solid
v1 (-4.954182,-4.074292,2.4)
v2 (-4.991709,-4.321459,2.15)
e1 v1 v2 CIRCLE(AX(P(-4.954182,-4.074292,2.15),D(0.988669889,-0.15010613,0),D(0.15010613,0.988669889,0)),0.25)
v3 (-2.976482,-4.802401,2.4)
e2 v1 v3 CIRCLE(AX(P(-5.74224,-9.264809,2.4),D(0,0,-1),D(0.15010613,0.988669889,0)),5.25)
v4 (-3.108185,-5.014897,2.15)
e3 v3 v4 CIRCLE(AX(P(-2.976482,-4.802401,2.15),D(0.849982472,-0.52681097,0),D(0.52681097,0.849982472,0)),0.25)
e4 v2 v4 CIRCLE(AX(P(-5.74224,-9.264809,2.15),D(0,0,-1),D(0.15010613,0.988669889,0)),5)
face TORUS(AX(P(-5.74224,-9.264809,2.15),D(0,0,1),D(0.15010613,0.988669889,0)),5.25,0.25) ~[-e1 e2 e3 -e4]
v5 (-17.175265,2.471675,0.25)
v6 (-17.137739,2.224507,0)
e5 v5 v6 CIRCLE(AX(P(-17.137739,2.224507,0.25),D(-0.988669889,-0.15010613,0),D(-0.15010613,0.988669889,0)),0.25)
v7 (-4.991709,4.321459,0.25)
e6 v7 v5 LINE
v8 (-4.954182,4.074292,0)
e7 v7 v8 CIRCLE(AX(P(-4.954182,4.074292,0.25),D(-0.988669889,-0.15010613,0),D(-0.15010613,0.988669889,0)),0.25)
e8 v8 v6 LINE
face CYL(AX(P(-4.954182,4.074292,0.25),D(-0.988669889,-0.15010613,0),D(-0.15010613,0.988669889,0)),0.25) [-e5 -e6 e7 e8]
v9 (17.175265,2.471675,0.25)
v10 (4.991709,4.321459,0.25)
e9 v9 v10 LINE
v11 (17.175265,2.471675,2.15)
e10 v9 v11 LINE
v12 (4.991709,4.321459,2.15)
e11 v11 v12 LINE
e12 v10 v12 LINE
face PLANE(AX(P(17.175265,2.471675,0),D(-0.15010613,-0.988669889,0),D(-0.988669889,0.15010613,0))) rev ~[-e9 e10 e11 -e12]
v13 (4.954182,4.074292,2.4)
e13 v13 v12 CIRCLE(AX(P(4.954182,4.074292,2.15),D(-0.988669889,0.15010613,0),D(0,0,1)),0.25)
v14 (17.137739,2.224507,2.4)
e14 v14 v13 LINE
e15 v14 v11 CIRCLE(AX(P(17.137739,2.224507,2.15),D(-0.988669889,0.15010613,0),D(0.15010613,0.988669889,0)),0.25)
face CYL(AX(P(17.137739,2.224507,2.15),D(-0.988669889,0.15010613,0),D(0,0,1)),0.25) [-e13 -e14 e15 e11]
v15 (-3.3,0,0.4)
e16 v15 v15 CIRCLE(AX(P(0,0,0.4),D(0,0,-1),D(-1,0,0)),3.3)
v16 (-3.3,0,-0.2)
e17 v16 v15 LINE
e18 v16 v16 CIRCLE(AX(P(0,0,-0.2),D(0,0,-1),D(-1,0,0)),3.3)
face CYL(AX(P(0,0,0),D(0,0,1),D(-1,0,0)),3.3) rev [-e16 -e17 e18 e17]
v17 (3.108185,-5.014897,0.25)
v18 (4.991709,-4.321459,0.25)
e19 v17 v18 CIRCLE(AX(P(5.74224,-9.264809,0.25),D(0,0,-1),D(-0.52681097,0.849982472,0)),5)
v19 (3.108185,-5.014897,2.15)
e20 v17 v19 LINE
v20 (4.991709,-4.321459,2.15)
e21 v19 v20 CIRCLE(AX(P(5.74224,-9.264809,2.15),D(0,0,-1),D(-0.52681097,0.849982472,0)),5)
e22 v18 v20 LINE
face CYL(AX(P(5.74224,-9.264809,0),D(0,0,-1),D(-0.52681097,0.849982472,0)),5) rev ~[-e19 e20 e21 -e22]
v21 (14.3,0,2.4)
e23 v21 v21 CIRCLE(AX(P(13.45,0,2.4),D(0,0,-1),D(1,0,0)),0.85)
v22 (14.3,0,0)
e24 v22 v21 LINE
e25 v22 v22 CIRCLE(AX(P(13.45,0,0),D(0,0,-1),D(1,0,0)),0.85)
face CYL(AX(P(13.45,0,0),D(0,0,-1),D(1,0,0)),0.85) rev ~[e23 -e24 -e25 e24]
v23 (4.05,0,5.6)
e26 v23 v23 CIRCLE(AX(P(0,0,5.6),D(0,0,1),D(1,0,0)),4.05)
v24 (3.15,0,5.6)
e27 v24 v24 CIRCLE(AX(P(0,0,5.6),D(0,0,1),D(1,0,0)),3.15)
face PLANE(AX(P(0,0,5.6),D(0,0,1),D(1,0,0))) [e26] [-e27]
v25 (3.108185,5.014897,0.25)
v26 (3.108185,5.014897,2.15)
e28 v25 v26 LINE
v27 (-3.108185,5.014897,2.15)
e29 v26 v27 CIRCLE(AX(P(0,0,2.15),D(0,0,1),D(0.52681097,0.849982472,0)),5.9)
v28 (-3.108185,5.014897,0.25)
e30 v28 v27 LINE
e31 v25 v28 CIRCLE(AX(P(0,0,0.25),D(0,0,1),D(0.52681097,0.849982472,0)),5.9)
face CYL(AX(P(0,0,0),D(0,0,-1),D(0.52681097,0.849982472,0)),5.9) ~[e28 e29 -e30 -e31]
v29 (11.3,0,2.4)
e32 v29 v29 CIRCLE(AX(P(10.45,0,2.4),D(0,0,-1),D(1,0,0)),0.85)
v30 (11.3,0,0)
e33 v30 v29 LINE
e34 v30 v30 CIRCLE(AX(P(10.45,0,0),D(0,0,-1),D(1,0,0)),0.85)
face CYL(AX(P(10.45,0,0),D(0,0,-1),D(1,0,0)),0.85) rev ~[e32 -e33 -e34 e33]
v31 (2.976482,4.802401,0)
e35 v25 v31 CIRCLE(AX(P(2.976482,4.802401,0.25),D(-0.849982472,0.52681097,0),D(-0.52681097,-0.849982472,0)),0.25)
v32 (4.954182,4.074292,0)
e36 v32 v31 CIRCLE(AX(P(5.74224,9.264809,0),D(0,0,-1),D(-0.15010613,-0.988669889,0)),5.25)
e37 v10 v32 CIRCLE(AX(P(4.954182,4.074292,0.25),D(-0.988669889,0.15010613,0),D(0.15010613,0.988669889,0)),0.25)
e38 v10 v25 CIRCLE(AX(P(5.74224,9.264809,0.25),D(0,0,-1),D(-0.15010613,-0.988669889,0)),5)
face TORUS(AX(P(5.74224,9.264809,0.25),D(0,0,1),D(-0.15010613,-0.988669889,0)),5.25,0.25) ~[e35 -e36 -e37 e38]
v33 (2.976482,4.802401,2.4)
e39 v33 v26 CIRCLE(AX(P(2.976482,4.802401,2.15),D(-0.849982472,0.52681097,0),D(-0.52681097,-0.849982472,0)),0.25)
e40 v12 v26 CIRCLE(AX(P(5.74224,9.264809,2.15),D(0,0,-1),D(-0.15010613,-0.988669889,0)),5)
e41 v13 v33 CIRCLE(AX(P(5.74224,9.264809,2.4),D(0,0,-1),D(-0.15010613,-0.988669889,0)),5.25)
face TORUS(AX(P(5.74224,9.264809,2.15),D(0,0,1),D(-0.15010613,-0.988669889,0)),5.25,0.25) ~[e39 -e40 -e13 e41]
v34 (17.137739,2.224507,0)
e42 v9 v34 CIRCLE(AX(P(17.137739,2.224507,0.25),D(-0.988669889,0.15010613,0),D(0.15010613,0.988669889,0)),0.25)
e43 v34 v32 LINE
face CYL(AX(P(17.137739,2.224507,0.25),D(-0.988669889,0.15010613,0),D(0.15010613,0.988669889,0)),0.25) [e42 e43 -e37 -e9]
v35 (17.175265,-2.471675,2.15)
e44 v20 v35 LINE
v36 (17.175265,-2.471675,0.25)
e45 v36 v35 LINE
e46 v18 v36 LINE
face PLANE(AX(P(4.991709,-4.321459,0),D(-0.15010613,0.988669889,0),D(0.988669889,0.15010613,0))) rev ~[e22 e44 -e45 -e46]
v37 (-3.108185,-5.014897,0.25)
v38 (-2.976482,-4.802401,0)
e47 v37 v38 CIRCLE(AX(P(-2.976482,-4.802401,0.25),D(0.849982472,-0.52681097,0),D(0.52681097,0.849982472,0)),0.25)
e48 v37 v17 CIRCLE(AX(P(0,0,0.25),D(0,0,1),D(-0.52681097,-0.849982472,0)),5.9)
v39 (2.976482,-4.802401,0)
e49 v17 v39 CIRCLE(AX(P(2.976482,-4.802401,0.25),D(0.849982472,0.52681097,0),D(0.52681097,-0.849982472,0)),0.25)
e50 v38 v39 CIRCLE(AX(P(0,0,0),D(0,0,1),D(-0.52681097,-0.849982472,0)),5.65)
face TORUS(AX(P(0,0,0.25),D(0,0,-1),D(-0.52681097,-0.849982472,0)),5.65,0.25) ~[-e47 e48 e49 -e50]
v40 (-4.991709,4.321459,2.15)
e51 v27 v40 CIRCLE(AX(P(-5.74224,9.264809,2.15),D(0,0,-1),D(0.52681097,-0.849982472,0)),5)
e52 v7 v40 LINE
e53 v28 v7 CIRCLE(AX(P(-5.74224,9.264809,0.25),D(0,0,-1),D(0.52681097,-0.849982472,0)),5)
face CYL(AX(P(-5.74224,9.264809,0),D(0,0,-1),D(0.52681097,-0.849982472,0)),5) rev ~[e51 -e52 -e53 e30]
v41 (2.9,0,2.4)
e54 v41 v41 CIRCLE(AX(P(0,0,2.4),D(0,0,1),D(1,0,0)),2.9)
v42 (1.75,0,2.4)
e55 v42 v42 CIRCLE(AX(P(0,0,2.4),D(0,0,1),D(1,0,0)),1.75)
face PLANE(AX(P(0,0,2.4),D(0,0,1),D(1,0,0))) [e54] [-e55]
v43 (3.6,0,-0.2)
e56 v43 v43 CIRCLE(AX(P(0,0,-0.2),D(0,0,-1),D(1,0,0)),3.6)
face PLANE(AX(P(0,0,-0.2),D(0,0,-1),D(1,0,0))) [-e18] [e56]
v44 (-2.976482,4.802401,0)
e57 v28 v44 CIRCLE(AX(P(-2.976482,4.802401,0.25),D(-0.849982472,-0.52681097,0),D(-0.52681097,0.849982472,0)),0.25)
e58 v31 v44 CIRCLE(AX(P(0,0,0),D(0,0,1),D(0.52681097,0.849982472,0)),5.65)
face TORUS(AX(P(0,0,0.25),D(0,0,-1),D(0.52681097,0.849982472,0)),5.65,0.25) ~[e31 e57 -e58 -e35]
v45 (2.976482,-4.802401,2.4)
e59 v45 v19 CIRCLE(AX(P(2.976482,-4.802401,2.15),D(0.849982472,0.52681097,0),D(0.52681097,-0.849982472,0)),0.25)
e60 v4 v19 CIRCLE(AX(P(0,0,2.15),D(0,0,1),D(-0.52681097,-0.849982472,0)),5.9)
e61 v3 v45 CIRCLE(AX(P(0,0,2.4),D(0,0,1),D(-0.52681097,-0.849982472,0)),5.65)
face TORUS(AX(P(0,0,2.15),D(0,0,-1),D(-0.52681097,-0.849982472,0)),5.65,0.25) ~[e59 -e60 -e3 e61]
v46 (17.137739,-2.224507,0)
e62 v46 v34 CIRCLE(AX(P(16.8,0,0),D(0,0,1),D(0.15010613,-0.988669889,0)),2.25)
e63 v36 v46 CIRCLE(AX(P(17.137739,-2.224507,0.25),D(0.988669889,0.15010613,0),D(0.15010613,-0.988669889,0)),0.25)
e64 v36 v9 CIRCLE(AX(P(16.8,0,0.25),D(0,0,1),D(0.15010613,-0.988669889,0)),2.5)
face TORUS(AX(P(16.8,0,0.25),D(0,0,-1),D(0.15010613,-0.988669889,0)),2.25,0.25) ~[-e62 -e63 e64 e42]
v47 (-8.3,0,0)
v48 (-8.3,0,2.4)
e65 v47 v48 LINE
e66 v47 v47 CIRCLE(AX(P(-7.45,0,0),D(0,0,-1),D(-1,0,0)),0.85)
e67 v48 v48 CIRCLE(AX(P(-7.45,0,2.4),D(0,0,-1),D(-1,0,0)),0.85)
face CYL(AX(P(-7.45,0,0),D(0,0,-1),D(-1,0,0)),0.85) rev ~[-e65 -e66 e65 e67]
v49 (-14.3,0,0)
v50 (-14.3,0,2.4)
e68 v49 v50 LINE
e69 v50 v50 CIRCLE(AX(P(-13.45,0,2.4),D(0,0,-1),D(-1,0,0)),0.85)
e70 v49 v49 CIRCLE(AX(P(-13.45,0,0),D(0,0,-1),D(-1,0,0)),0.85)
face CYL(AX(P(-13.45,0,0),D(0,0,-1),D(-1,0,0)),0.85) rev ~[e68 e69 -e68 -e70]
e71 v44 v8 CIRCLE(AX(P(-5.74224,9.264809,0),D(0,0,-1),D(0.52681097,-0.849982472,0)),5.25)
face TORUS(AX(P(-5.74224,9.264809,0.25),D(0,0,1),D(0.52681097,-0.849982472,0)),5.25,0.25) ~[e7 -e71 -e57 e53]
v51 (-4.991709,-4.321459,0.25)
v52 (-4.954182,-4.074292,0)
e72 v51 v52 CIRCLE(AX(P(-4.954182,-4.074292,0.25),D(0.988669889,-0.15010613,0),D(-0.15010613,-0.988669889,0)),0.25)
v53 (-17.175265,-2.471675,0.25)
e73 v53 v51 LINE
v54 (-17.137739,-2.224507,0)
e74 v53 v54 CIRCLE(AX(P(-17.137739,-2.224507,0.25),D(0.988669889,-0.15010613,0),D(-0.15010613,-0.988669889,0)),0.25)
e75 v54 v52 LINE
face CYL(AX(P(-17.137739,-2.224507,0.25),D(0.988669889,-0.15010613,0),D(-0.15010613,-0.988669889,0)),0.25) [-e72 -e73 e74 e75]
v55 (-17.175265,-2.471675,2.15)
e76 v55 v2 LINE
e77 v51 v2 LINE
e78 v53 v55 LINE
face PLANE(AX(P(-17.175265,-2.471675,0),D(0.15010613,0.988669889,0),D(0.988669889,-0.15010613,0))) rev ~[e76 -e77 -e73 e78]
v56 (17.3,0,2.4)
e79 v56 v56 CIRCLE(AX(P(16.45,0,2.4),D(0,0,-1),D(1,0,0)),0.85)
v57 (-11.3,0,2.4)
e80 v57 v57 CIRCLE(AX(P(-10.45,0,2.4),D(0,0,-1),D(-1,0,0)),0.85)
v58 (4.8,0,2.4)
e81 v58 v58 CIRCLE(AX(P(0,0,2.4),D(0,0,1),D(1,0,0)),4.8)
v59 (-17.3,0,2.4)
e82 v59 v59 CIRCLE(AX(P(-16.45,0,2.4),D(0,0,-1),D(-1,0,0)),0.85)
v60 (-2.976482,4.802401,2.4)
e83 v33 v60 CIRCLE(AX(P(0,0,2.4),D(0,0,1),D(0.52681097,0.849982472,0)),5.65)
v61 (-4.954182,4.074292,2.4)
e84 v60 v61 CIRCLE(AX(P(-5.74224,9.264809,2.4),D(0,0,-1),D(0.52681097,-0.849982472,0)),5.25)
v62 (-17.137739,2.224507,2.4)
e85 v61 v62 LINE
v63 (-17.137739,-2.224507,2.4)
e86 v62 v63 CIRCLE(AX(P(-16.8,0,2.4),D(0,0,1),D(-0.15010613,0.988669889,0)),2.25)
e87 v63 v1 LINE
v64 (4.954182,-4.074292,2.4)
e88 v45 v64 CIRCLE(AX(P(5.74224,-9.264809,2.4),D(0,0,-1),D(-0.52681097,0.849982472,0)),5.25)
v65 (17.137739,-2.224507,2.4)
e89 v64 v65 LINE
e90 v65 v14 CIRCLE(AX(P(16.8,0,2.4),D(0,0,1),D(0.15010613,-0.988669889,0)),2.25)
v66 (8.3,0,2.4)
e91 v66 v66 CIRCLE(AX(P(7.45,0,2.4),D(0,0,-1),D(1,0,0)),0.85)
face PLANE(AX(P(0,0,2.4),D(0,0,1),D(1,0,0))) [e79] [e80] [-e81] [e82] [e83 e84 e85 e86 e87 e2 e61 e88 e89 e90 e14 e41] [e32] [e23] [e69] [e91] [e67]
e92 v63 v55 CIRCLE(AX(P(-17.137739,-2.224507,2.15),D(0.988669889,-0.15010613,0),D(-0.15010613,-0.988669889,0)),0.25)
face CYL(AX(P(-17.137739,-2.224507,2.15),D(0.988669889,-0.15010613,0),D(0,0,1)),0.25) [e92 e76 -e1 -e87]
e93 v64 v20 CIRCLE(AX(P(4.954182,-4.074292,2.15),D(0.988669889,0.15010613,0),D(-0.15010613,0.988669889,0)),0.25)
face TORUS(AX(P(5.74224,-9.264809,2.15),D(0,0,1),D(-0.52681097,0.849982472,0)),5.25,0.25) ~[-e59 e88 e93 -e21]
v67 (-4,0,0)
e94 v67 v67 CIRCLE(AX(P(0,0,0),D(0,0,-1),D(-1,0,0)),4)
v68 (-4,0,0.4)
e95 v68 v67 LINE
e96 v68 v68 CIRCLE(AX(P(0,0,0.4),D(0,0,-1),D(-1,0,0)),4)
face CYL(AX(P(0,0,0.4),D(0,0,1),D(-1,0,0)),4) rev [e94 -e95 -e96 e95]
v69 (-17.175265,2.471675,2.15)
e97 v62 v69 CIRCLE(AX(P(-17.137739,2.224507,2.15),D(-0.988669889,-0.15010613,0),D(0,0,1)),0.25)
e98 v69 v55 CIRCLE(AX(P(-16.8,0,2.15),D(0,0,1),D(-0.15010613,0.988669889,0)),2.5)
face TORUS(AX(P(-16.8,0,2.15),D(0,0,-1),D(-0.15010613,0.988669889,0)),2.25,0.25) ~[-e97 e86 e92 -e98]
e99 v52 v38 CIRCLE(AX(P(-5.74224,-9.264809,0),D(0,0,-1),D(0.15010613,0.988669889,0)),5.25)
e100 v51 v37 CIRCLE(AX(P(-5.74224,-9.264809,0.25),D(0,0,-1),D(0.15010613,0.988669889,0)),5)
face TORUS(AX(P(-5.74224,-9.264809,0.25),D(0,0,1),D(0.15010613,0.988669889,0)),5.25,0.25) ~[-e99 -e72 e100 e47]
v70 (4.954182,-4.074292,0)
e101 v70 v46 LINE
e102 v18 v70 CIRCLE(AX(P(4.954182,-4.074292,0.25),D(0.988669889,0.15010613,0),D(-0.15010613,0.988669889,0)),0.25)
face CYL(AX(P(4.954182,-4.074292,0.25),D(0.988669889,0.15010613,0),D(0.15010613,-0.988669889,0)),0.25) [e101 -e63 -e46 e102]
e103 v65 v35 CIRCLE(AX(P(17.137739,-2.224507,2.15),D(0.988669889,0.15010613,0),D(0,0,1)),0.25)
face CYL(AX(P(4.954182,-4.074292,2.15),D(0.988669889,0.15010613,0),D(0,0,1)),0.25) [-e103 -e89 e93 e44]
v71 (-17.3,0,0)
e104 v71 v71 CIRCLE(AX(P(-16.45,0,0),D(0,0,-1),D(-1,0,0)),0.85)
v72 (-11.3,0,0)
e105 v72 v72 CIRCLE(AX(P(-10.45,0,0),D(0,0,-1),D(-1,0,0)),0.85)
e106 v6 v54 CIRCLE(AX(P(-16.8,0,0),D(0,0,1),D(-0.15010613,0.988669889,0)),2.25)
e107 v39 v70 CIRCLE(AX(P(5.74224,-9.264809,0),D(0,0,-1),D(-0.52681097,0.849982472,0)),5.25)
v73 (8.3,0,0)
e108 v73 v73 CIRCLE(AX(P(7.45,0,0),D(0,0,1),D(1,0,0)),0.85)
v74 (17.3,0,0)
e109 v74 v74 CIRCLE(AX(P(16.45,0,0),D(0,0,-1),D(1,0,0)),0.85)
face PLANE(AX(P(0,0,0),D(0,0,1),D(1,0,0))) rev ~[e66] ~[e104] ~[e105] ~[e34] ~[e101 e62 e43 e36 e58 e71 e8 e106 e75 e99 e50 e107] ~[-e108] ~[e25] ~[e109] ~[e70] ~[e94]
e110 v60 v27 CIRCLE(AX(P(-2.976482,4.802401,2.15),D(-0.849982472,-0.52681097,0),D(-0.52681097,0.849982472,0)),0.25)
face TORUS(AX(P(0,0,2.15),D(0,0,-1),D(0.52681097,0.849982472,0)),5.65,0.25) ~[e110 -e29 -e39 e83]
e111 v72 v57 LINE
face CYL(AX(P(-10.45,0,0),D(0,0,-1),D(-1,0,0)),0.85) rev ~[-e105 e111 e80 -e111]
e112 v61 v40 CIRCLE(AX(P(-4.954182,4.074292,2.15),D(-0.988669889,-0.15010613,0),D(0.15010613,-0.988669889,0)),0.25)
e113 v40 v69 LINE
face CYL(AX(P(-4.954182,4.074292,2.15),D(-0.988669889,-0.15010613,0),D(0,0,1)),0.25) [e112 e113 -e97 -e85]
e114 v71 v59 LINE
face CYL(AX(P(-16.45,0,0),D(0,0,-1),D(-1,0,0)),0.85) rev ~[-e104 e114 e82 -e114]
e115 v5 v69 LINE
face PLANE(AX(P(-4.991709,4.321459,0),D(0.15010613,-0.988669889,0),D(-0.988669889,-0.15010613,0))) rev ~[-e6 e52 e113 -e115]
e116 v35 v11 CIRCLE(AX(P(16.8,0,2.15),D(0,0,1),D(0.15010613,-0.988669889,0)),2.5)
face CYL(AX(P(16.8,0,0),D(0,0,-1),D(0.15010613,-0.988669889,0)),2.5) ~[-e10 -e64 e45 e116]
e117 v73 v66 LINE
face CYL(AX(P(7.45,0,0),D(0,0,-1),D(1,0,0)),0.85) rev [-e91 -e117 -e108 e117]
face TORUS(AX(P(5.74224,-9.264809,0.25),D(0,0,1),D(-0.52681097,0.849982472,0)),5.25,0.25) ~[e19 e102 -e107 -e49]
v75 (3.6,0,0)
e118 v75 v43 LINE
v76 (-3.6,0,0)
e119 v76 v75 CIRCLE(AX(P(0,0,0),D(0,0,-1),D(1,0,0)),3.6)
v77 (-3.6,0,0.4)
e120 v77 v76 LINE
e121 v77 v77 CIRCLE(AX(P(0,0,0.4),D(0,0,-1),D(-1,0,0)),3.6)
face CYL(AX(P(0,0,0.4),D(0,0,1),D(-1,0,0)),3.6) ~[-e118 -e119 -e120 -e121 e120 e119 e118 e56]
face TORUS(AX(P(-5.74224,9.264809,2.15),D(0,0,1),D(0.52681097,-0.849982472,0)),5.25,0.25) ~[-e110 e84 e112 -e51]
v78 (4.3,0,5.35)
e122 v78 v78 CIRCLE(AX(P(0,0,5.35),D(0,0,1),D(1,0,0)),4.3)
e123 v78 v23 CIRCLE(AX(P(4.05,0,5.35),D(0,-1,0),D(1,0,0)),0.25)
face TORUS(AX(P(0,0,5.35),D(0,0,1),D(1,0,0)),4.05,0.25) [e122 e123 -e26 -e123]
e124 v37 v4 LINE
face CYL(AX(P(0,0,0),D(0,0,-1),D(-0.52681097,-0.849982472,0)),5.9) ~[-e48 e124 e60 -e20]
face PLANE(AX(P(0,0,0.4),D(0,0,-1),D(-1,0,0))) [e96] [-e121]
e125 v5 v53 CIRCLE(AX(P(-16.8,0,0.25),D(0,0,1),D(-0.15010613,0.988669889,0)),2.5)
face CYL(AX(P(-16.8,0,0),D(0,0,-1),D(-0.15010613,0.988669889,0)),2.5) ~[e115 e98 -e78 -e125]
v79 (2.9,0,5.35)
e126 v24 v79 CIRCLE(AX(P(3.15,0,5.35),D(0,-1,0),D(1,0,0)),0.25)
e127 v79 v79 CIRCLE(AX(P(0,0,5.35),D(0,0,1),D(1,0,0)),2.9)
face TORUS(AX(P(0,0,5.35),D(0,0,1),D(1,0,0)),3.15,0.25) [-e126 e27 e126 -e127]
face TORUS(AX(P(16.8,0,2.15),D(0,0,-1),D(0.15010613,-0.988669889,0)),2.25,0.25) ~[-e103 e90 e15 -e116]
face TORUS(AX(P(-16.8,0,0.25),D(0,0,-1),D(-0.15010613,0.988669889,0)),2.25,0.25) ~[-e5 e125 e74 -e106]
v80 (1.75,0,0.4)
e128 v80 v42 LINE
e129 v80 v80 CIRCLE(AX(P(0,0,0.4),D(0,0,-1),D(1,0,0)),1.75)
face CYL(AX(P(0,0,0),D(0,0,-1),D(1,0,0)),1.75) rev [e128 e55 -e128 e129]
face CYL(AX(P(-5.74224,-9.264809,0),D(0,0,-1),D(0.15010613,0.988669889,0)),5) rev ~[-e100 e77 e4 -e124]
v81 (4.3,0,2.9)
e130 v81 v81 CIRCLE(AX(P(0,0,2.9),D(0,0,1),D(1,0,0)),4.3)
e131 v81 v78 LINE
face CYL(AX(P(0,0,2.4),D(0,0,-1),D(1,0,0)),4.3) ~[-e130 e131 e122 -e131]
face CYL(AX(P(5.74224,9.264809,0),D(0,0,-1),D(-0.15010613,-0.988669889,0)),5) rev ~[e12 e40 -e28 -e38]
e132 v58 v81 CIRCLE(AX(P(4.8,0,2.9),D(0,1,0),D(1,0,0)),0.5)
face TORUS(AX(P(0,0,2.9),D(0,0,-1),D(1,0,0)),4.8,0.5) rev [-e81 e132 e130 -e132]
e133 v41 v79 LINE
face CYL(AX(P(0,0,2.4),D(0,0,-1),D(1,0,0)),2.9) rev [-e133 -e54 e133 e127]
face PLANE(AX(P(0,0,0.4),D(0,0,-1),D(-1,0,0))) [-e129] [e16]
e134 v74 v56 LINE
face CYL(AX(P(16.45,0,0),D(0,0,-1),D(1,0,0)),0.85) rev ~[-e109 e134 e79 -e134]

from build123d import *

# Parameters (mm, degrees)
SKETCH1_R               = 1.75
BOSS_EXTRUDE1_DEPTH     = 2.4
SKETCH2_R               = 4.3
SKETCH2_R_2             = 2.9
BOSS_EXTRUDE2_DEPTH     = 3.2
SKETCH4_R               = 3.6
SKETCH4_R_2             = 3.3
BOSS_EXTRUDE3_DEPTH     = 0.2
CUT_EXTRUDE2_START      = -0.4
SKETCH5_R               = 4
SKETCH5_R_2             = 3.6
SKETCH5_R_3             = 3.3
CUT_EXTRUDE2_DEPTH      = 0.4
SKETCH6_R               = 0.85
CUT_EXTRUDE3_DEPTH      = 21.944211611
LPATTERN1_COUNT         = 4
LPATTERN1_PITCH         = 3
MIRROR1_COPY_1_SKETCH_R = 0.85
MIRROR1_COPY_1_DEPTH    = 21.944211611
MIRROR1_COPY_2_SKETCH_R = 0.85
MIRROR1_COPY_2_DEPTH    = 21.944211611
MIRROR1_COPY_3_SKETCH_R = 0.85
MIRROR1_COPY_3_DEPTH    = 21.944211611
FILLET1_R               = 0.25
FILLET2_R               = 0.5


with BuildPart() as part:
    # Sketch1 → Boss-Extrude1 (new body)
    with BuildSketch(Plane.XY):
        with BuildLine():
            Line((-4.99170892, 4.321459495), (-17.175265326, 2.471674723))
            ThreePointArc((-17.175265326, 2.471674723), (-19.3, 0), (-17.175265326, -2.471674723))
            Line((-17.175265326, -2.471674723), (-4.99170892, -4.321459495))
            ThreePointArc((-4.99170892, -4.321459495), (-4.014793913, -4.572695185), (-3.108184722, -5.014896583))
            ThreePointArc((-3.108184722, -5.014896583), (0, -5.9), (3.108184722, -5.014896583))
            ThreePointArc((3.108184722, -5.014896583), (4.014793913, -4.572695185), (4.99170892, -4.321459495))
            Line((4.99170892, -4.321459495), (17.175265326, -2.471674723))
            ThreePointArc((17.175265326, -2.471674723), (19.3, 0), (17.175265326, 2.471674723))
            Line((17.175265326, 2.471674723), (4.99170892, 4.321459495))
            ThreePointArc((4.99170892, 4.321459495), (4.014793913, 4.572695185), (3.108184722, 5.014896583))
            ThreePointArc((3.108184722, 5.014896583), (0, 5.9), (-3.108184722, 5.014896583))
            ThreePointArc((-3.108184722, 5.014896583), (-4.014793913, 4.572695185), (-4.99170892, 4.321459495))
        make_face()
        Circle(SKETCH1_R, mode=Mode.SUBTRACT)
    extrude(amount=BOSS_EXTRUDE1_DEPTH)

    # Sketch2 → Boss-Extrude2 (add)
    with BuildSketch(Plane.XY.offset(2.4)):
        Circle(SKETCH2_R)
        Circle(SKETCH2_R_2, mode=Mode.SUBTRACT)
    extrude(amount=BOSS_EXTRUDE2_DEPTH)

    # Sketch4 → Boss-Extrude3 (add)
    with BuildSketch(Plane(origin=(0, 0, 0), x_dir=(-1, 0, 0), z_dir=(0, 0, -1))):
        with Locations(Location((0, 0, 0), (0, 0, 180))):
            Circle(SKETCH4_R)
        Circle(SKETCH4_R_2, mode=Mode.SUBTRACT)
    extrude(amount=BOSS_EXTRUDE3_DEPTH)

    # Sketch5 → Cut-Extrude2 (cut)
    # profile 1 of 2: a face of its own
    with BuildSketch(Plane(origin=(0, 0, 0), x_dir=(-1, 0, 0), z_dir=(0, 0, -1)).offset(CUT_EXTRUDE2_START)):
        Circle(SKETCH5_R)
        Circle(SKETCH5_R_2, mode=Mode.SUBTRACT)
    # profile 2 of 2: a face of its own
    with BuildSketch(Plane(origin=(0, 0, 0), x_dir=(-1, 0, 0), z_dir=(0, 0, -1)).offset(CUT_EXTRUDE2_START)):
        Circle(SKETCH5_R_3)
    extrude(amount=CUT_EXTRUDE2_DEPTH, mode=Mode.SUBTRACT)

    # Sketch6 → Cut-Extrude3 (cut, through all)
    with BuildSketch(Plane(origin=(0, 0, 0), x_dir=(-1, 0, 0), z_dir=(0, 0, -1))):
        with Locations((7.45, 0)):
            Circle(SKETCH6_R)
    cut_extrude3 = extrude(amount=-CUT_EXTRUDE3_DEPTH, mode=Mode.SUBTRACT)

    # LPattern1: Cut-Extrude3 ×4
    with Locations(*[(-i * LPATTERN1_PITCH, 0, 0) for i in range(1, LPATTERN1_COUNT)]):
        add(cut_extrude3, mode=Mode.SUBTRACT)

    # Mirror1: Cut-Extrude3 across plane
    add(cut_extrude3.mirror(Plane(origin=(0, 0, 0), x_dir=(0, 0, 1), z_dir=(1, 0, 0))), mode=Mode.SUBTRACT)

    # Mirror1 copy 1 sketch → Mirror1 copy 1 (cut, through all)
    with BuildSketch(Plane(origin=(3, 0, 0), x_dir=(1, 0, 0), z_dir=(0, 0, -1))):
        with Locations((7.45, 0)):
            Circle(MIRROR1_COPY_1_SKETCH_R)
    extrude(amount=-MIRROR1_COPY_1_DEPTH, mode=Mode.SUBTRACT)

    # Mirror1 copy 2 sketch → Mirror1 copy 2 (cut, through all)
    with BuildSketch(Plane(origin=(6, 0, 0), x_dir=(1, 0, 0), z_dir=(0, 0, -1))):
        with Locations((7.45, 0)):
            Circle(MIRROR1_COPY_2_SKETCH_R)
    extrude(amount=-MIRROR1_COPY_2_DEPTH, mode=Mode.SUBTRACT)

    # Mirror1 copy 3 sketch → Mirror1 copy 3 (cut, through all)
    with BuildSketch(Plane(origin=(9, 0, 0), x_dir=(1, 0, 0), z_dir=(0, 0, -1))):
        with Locations((7.45, 0)):
            Circle(MIRROR1_COPY_3_SKETCH_R)
    extrude(amount=-MIRROR1_COPY_3_DEPTH, mode=Mode.SUBTRACT)

    # Fillet1
    fillet1_edges = [part.edges().sort_by_distance(p)[0] for p in [
        (-4.014793913, -4.572695185, 2.4),
        (-11.083487123, 3.396567109, 0),
        (-4.014793913, 4.572695185, 0),
        (0, 5.9, 0),
        (4.014793913, 4.572695185, 0),
        (11.083487123, 3.396567109, 0),
        (19.3, 0, 0),
        (0, -5.9, 2.4),
        (11.083487123, -3.396567109, 0),
        (4.014793913, -4.572695185, 0),
        (0, -5.9, 0),
        (-4.014793913, -4.572695185, 0),
        (-11.083487123, -3.396567109, 0),
        (-19.3, 0, 0),
        (4.014793913, -4.572695185, 2.4),
        (11.083487123, -3.396567109, 2.4),
        (19.3, 0, 2.4),
        (11.083487123, 3.396567109, 2.4),
        (4.014793913, 4.572695185, 2.4),
        (0, 5.9, 2.4),
        (-4.014793913, 4.572695185, 2.4),
        (-11.083487123, 3.396567109, 2.4),
        (-4.3, 0, 5.6),
        (-19.3, 0, 2.4),
        (-2.9, 0, 5.6),
        (-11.083487123, -3.396567109, 2.4),
    ]]
    fillet(fillet1_edges, radius=FILLET1_R)

    # Fillet2
    fillet2_edges = [part.edges().sort_by_distance(p)[0] for p in [
        (-4.3, 0, 2.4),
    ]]
    fillet(fillet2_edges, radius=FILLET2_R)


solid = part.part
